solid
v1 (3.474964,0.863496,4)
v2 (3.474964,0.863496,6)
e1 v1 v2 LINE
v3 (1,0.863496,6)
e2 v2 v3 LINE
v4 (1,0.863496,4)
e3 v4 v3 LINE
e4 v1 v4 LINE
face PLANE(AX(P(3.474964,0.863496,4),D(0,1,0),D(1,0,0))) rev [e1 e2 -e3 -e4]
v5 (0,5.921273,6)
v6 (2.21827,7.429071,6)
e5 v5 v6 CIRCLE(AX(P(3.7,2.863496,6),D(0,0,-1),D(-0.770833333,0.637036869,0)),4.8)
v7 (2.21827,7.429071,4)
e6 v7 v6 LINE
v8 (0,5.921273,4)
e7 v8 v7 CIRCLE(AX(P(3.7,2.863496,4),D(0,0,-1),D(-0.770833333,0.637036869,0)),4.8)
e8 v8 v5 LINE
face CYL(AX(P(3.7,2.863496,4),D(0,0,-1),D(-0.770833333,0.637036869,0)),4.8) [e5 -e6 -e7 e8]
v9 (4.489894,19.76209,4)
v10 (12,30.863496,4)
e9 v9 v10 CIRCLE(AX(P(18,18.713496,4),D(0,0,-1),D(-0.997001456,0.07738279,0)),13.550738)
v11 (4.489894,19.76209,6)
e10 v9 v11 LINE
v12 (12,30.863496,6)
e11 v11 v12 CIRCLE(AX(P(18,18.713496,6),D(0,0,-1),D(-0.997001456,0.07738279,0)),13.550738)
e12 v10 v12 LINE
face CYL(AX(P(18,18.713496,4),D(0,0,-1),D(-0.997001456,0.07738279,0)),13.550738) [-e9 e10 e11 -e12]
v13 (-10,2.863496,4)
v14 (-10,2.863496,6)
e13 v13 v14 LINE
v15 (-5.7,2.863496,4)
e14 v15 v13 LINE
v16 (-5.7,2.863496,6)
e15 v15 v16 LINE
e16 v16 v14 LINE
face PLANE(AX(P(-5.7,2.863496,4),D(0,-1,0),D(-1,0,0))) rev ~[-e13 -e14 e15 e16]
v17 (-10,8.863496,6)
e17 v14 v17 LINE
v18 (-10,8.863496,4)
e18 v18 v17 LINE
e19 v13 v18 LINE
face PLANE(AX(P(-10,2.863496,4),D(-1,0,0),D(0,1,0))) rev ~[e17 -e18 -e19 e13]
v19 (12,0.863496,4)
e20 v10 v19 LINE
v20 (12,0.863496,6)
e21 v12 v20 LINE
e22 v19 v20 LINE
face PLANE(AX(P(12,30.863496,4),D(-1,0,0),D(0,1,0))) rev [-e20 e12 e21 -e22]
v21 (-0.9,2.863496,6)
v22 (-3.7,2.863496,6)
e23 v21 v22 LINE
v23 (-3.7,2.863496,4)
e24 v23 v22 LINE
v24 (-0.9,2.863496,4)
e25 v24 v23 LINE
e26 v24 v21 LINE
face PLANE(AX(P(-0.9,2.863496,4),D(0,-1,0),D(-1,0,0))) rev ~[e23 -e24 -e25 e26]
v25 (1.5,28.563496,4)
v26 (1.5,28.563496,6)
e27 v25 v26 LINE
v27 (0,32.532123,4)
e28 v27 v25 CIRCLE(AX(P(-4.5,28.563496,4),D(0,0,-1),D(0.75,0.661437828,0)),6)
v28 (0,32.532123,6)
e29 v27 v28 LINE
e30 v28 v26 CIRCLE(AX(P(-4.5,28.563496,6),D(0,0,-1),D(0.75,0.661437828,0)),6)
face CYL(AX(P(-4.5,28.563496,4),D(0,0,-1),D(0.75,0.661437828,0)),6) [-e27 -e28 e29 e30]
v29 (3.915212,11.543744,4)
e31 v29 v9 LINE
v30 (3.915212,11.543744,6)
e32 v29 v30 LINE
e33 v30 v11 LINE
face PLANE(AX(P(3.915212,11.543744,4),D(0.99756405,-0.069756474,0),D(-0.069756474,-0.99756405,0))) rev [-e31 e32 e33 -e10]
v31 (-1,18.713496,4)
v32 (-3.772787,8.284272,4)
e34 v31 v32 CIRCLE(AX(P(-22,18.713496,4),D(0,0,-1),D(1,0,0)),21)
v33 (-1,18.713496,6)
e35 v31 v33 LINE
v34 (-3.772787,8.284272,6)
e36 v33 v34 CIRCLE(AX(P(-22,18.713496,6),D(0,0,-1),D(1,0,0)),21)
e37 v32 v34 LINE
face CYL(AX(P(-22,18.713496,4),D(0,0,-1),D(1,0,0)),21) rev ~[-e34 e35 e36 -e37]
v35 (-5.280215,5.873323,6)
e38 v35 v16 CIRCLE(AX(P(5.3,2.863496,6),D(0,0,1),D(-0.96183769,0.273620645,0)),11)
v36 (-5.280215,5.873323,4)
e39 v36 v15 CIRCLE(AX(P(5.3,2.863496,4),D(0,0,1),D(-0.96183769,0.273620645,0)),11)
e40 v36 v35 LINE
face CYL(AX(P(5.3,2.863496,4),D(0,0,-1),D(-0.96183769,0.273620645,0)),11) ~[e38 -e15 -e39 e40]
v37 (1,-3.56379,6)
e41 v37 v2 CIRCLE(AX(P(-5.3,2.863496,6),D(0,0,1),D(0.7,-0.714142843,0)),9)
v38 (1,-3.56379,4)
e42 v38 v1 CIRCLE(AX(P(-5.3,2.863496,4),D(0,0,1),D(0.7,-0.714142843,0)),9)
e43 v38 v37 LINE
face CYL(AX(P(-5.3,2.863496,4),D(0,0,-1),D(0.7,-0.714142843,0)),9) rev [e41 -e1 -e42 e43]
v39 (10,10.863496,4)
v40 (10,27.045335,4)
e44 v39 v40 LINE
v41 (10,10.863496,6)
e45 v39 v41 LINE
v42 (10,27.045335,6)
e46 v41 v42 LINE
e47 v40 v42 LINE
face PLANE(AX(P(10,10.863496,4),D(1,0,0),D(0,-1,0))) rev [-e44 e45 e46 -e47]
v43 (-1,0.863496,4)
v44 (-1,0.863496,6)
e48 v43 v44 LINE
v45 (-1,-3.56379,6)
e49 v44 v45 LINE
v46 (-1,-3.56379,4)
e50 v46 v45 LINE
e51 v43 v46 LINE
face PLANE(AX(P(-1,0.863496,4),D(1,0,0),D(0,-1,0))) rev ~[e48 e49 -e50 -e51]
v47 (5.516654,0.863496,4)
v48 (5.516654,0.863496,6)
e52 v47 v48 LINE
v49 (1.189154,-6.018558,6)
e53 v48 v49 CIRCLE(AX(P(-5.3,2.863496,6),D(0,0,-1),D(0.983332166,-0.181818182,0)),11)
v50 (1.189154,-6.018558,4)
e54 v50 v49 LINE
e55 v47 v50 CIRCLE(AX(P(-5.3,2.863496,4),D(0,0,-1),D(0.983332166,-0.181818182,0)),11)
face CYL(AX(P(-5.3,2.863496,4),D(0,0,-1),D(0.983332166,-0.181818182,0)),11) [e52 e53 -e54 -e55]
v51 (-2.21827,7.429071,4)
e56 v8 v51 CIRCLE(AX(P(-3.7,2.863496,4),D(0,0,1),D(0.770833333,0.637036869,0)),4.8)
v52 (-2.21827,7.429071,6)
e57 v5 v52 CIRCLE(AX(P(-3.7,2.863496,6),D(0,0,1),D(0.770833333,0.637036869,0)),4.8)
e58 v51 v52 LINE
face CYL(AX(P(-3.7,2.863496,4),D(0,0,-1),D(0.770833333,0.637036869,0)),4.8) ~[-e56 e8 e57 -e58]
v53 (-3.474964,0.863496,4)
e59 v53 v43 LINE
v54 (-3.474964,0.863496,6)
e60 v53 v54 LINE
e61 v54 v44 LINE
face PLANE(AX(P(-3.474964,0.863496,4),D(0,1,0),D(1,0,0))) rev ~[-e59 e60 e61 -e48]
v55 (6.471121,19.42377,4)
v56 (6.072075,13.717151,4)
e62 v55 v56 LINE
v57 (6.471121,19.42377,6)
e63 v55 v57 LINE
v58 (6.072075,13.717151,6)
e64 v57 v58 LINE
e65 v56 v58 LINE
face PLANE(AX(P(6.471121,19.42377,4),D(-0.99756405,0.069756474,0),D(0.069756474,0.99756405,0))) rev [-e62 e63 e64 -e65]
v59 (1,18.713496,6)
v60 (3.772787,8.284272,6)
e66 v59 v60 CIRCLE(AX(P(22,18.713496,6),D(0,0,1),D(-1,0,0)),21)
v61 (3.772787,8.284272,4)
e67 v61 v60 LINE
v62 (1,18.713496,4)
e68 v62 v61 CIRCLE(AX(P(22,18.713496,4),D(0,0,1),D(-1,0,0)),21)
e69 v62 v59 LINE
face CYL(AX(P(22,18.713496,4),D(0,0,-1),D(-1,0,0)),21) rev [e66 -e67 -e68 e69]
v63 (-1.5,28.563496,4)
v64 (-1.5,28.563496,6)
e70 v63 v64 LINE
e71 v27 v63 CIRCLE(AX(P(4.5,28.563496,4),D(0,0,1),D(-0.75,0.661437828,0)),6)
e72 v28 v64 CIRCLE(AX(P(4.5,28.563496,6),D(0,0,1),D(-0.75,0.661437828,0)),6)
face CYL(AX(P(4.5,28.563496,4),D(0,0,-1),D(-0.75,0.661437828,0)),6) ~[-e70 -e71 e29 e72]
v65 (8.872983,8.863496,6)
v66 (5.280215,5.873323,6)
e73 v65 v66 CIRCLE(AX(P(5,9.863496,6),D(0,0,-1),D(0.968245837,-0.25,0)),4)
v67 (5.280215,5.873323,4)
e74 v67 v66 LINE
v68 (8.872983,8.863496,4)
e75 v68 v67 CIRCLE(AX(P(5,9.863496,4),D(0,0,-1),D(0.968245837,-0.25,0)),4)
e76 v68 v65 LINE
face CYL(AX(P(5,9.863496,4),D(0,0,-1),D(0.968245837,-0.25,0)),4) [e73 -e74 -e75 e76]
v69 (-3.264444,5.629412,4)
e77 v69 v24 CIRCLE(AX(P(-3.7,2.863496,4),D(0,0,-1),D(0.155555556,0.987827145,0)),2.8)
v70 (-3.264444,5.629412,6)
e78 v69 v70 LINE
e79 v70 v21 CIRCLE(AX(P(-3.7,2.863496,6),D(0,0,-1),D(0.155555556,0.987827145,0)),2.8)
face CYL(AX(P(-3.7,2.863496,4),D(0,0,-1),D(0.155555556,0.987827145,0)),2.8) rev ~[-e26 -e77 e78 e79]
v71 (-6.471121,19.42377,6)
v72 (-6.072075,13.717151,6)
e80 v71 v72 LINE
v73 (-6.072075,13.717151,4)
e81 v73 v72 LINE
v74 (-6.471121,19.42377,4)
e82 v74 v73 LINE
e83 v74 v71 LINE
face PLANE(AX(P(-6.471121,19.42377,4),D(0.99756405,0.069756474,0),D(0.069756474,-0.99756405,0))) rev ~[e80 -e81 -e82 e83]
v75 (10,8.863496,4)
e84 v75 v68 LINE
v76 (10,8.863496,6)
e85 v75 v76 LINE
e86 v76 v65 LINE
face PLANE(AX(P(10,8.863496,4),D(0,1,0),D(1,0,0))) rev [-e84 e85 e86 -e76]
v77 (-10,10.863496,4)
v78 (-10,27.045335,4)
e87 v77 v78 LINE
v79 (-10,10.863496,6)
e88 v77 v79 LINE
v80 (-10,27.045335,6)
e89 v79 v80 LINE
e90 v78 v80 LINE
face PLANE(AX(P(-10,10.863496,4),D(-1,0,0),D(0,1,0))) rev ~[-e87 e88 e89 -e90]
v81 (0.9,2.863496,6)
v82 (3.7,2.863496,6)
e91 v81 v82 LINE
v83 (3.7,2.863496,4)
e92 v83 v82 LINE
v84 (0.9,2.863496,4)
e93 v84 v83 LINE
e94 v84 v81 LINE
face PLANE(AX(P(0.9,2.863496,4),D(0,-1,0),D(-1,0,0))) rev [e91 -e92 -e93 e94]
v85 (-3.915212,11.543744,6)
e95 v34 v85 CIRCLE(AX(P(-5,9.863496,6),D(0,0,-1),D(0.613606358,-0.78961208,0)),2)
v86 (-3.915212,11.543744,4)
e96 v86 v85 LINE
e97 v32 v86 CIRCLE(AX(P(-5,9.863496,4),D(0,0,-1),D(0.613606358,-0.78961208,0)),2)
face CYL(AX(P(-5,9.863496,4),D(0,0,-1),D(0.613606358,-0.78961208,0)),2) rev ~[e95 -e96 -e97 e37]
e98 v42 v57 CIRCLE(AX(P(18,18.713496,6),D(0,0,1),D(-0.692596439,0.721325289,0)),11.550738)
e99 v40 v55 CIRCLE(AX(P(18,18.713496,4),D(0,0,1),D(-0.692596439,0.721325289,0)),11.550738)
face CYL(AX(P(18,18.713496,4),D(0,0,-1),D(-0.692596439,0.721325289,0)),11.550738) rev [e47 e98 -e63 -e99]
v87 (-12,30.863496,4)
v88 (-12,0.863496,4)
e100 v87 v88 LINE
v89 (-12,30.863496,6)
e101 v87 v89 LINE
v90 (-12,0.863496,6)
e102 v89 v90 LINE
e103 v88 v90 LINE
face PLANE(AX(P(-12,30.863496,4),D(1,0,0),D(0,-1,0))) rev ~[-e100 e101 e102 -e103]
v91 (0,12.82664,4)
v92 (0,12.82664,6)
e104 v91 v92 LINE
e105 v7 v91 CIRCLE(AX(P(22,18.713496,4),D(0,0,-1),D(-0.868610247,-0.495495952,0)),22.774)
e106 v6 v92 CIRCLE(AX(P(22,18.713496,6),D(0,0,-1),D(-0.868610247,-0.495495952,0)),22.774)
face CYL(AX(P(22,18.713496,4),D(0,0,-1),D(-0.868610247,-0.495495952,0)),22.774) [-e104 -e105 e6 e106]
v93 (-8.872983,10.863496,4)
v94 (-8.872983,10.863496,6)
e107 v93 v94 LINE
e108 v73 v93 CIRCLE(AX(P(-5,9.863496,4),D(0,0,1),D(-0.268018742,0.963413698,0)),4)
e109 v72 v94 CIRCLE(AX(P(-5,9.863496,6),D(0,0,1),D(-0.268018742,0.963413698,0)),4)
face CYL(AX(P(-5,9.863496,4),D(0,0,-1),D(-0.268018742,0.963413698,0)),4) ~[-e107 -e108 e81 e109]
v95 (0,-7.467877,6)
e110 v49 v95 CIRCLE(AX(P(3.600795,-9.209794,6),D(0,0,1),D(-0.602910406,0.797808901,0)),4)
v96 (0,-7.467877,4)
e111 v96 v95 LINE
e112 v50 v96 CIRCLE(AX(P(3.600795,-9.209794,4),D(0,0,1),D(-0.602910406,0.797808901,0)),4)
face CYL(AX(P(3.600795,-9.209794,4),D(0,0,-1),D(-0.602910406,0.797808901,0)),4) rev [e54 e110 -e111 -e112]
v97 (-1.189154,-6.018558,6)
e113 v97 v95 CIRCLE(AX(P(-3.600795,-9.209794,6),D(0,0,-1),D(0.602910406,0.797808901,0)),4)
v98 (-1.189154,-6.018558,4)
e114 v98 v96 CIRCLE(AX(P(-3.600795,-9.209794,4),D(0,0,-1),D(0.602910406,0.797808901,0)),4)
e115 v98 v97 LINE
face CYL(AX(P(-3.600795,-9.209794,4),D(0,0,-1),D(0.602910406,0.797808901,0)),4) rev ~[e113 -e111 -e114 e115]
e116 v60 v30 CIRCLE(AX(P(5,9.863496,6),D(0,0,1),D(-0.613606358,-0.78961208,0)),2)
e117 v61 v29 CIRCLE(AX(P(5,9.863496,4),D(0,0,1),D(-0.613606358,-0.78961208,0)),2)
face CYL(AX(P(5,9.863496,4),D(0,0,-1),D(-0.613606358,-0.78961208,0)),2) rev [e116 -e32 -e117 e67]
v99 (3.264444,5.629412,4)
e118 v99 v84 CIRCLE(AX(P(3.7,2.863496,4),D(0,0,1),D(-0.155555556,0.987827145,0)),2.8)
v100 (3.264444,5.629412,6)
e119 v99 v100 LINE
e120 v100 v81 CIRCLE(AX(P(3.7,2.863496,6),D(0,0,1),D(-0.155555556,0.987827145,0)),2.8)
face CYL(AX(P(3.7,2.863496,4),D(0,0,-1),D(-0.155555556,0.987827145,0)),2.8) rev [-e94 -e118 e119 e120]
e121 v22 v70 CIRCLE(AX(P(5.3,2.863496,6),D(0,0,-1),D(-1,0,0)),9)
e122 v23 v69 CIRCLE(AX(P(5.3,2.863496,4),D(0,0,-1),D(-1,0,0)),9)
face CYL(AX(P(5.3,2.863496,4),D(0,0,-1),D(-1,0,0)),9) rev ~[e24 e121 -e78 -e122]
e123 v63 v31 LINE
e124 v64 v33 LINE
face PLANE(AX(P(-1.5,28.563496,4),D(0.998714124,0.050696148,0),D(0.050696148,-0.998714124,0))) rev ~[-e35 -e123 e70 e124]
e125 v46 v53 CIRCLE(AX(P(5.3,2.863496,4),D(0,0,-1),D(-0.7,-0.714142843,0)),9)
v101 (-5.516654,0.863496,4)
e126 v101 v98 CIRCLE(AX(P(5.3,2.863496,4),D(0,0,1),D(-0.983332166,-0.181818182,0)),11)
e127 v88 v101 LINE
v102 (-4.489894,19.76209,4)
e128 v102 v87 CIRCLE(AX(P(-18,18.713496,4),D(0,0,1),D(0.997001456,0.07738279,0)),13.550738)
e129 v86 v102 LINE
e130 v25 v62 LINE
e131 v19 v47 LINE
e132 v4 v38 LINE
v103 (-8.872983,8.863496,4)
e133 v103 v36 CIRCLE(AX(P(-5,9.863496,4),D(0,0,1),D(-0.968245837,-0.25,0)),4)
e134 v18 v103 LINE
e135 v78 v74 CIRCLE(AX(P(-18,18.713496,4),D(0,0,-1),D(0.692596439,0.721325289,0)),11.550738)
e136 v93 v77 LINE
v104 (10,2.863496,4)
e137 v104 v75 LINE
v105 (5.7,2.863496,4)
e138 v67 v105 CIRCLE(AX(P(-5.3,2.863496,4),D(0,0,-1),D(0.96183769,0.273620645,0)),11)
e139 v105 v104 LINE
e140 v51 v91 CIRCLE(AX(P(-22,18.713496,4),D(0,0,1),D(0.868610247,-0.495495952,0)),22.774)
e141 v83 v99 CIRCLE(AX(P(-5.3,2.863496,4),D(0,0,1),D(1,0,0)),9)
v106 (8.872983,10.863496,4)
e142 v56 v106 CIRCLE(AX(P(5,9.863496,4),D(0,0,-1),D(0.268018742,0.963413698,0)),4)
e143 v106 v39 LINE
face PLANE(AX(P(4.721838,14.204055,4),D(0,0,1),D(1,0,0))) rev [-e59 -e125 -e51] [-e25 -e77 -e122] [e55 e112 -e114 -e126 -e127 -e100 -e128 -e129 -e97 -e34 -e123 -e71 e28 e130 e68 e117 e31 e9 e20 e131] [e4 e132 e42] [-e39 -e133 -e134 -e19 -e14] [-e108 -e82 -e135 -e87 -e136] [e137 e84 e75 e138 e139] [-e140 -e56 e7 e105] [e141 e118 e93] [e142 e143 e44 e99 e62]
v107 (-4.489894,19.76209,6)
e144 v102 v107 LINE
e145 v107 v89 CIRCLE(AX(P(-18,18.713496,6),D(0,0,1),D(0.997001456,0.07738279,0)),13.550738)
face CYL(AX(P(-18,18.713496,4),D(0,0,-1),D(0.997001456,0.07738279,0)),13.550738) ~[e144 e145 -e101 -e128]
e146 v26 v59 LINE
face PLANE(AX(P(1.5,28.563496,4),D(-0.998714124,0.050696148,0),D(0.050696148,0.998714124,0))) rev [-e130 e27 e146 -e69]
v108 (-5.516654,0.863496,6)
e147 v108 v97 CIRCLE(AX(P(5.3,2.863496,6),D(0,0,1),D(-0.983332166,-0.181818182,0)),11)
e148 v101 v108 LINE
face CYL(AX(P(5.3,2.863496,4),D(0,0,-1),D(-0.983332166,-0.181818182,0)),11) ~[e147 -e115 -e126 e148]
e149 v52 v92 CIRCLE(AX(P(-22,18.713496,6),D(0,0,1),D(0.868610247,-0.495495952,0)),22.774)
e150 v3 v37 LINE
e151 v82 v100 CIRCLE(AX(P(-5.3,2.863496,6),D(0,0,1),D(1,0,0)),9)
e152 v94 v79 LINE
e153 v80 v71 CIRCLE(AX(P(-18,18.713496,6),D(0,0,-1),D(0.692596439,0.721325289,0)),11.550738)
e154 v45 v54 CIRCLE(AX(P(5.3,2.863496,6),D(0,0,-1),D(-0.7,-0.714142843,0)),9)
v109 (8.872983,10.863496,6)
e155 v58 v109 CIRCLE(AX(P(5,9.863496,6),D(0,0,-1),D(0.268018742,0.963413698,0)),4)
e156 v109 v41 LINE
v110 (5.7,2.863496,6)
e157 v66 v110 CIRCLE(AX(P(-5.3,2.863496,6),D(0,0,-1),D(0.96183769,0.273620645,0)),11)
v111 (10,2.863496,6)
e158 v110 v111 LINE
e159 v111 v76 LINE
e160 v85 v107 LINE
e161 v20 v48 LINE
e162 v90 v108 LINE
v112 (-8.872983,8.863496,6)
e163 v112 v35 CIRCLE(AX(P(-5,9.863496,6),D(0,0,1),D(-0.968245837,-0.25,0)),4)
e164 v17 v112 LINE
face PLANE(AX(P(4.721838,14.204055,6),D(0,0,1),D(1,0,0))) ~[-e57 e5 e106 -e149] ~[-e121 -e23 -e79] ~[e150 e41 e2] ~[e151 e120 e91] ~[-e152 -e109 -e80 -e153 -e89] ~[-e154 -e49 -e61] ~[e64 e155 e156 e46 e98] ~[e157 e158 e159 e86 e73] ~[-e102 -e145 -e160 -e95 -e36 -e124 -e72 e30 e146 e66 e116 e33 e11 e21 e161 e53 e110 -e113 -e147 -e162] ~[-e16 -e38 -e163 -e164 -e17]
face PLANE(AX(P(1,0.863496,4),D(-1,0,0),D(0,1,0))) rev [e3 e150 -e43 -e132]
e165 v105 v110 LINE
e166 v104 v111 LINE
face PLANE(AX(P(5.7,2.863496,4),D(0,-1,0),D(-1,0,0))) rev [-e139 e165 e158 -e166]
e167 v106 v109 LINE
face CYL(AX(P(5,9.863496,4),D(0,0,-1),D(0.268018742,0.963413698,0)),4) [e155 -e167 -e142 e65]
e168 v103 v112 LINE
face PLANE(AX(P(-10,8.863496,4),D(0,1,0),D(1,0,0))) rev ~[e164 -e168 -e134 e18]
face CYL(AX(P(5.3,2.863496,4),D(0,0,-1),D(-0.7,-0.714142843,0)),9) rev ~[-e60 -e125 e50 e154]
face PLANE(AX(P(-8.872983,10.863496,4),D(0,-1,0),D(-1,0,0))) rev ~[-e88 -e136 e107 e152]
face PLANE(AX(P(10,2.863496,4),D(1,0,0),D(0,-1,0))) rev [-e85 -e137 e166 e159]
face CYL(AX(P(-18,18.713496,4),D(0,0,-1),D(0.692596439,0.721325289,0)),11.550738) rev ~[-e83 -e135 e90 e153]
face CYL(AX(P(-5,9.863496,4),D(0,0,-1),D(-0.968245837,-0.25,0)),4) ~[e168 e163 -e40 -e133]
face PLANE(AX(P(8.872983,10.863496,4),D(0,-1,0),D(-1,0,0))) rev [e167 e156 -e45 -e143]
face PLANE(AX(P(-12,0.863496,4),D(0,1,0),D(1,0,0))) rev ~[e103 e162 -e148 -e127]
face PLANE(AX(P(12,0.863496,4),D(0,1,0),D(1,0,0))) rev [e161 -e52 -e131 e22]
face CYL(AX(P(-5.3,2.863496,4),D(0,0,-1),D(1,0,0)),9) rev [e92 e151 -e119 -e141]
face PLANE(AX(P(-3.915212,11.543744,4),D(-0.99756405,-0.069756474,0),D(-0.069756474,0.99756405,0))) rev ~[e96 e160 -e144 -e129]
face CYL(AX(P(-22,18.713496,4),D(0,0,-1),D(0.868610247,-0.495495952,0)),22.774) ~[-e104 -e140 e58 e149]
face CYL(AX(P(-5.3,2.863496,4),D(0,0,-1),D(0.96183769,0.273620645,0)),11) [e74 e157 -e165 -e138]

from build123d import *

# Parameters (mm, degrees)
EXTRUDE_1_DEPTH = 10
SCALE_1_SCALE   = 0.2


with BuildPart() as part:
    # Эскиз1 → Бобышка-Вытянуть1 (new body)
    with BuildSketch(Plane.XY):
        with BuildLine():
            Line((-60, -45), (-27.583269132, -45))
            ThreePointArc((-27.583269132, -45), (-20.06001769, -64.277376125), (-5.945767968, -79.41027067))
            ThreePointArc((-5.945767968, -79.41027067), (-2.542345747, -82.680315027), (0, -86.656865167))
            Line((0, -86.656865167), (0, -19.711115149))
            ThreePointArc((0, -19.711115149), (-5.008387109, -15.151161707), (-11.091351129, -12.172124017))
            ThreePointArc((-11.091351129, -12.172124017), (-4.677676581, 0.965070873), (0, 14.815718966))
            Line((0, 14.815718966), (0, 113.343134833))
            ThreePointArc((0, 113.343134833), (-5.562430401, 104.106601718), (-7.5, 93.5))
            Line((-7.5, 93.5), (-5, 44.25))
            ThreePointArc((-5, 44.25), (-8.525159088, 17.271181236), (-18.863936417, -7.896120801))
            ThreePointArc((-18.863936417, -7.896120801), (-34.990467135, -0.436539144), (-19.576058944, 8.401241779))
            Line((-19.576058944, 8.401241779), (-22.449472465, 49.49296956))
            ThreePointArc((-22.449472465, 49.49296956), (-33.881518529, 82.214174393), (-60, 105))
            Line((-60, 105), (-60, -45))
        make_face()
        with BuildLine():
            ThreePointArc((-26.401072965, -19.950864506), (-27.972740949, -27.40259956), (-28.5, -35))
            Line((-28.5, -35), (-50, -35))
            Line((-50, -35), (-50, -5))
            Line((-50, -5), (-44.364916731, -5))
            ThreePointArc((-44.364916731, -5), (-37.794087282, -15.372421104), (-26.401072965, -19.950864506))
        make_face(mode=Mode.SUBTRACT)
        with BuildLine():
            Line((-5, -45), (-5, -67.136427928))
            ThreePointArc((-5, -67.136427928), (-12.779082294, -56.957998409), (-17.374821937, -45))
            Line((-17.374821937, -45), (-5, -45))
        make_face(mode=Mode.SUBTRACT)
        with BuildLine():
            Line((-4.5, -35), (-18.5, -35))
            ThreePointArc((-18.5, -35), (-17.952221542, -28), (-16.322222222, -21.170419965))
            ThreePointArc((-16.322222222, -21.170419965), (-7.858362699, -25.902991945), (-4.5, -35))
        make_face(mode=Mode.SUBTRACT)
        with BuildLine():
            Line((-44.364916731, 5), (-50, 5))
            Line((-50, 5), (-50, 85.909197079))
            ThreePointArc((-50, 85.909197079), (-37.591425702, 68.515820434), (-32.355603325, 47.801370616))
            Line((-32.355603325, 47.801370616), (-30.360374841, 19.268273964))
            ThreePointArc((-30.360374841, 19.268273964), (-39.273434111, 14.009606657), (-44.364916731, 5))
        make_face(mode=Mode.SUBTRACT)
    extrude_1 = extrude(amount=EXTRUDE_1_DEPTH)

    # Зеркальное отражение1: Бобышка-Вытянуть1 across plane
    add(extrude_1.mirror(Plane(origin=(0, 0, 0), x_dir=(0, 0, 1), z_dir=(1, 0, 0))))


with BuildPart() as part_1:
    # Масштаб1: scaled about (0, 12.329369983, 5)
    add(part.part.scale(SCALE_1_SCALE).moved(Location((0, 9.863495986, 4))))


solid = part_1.part
